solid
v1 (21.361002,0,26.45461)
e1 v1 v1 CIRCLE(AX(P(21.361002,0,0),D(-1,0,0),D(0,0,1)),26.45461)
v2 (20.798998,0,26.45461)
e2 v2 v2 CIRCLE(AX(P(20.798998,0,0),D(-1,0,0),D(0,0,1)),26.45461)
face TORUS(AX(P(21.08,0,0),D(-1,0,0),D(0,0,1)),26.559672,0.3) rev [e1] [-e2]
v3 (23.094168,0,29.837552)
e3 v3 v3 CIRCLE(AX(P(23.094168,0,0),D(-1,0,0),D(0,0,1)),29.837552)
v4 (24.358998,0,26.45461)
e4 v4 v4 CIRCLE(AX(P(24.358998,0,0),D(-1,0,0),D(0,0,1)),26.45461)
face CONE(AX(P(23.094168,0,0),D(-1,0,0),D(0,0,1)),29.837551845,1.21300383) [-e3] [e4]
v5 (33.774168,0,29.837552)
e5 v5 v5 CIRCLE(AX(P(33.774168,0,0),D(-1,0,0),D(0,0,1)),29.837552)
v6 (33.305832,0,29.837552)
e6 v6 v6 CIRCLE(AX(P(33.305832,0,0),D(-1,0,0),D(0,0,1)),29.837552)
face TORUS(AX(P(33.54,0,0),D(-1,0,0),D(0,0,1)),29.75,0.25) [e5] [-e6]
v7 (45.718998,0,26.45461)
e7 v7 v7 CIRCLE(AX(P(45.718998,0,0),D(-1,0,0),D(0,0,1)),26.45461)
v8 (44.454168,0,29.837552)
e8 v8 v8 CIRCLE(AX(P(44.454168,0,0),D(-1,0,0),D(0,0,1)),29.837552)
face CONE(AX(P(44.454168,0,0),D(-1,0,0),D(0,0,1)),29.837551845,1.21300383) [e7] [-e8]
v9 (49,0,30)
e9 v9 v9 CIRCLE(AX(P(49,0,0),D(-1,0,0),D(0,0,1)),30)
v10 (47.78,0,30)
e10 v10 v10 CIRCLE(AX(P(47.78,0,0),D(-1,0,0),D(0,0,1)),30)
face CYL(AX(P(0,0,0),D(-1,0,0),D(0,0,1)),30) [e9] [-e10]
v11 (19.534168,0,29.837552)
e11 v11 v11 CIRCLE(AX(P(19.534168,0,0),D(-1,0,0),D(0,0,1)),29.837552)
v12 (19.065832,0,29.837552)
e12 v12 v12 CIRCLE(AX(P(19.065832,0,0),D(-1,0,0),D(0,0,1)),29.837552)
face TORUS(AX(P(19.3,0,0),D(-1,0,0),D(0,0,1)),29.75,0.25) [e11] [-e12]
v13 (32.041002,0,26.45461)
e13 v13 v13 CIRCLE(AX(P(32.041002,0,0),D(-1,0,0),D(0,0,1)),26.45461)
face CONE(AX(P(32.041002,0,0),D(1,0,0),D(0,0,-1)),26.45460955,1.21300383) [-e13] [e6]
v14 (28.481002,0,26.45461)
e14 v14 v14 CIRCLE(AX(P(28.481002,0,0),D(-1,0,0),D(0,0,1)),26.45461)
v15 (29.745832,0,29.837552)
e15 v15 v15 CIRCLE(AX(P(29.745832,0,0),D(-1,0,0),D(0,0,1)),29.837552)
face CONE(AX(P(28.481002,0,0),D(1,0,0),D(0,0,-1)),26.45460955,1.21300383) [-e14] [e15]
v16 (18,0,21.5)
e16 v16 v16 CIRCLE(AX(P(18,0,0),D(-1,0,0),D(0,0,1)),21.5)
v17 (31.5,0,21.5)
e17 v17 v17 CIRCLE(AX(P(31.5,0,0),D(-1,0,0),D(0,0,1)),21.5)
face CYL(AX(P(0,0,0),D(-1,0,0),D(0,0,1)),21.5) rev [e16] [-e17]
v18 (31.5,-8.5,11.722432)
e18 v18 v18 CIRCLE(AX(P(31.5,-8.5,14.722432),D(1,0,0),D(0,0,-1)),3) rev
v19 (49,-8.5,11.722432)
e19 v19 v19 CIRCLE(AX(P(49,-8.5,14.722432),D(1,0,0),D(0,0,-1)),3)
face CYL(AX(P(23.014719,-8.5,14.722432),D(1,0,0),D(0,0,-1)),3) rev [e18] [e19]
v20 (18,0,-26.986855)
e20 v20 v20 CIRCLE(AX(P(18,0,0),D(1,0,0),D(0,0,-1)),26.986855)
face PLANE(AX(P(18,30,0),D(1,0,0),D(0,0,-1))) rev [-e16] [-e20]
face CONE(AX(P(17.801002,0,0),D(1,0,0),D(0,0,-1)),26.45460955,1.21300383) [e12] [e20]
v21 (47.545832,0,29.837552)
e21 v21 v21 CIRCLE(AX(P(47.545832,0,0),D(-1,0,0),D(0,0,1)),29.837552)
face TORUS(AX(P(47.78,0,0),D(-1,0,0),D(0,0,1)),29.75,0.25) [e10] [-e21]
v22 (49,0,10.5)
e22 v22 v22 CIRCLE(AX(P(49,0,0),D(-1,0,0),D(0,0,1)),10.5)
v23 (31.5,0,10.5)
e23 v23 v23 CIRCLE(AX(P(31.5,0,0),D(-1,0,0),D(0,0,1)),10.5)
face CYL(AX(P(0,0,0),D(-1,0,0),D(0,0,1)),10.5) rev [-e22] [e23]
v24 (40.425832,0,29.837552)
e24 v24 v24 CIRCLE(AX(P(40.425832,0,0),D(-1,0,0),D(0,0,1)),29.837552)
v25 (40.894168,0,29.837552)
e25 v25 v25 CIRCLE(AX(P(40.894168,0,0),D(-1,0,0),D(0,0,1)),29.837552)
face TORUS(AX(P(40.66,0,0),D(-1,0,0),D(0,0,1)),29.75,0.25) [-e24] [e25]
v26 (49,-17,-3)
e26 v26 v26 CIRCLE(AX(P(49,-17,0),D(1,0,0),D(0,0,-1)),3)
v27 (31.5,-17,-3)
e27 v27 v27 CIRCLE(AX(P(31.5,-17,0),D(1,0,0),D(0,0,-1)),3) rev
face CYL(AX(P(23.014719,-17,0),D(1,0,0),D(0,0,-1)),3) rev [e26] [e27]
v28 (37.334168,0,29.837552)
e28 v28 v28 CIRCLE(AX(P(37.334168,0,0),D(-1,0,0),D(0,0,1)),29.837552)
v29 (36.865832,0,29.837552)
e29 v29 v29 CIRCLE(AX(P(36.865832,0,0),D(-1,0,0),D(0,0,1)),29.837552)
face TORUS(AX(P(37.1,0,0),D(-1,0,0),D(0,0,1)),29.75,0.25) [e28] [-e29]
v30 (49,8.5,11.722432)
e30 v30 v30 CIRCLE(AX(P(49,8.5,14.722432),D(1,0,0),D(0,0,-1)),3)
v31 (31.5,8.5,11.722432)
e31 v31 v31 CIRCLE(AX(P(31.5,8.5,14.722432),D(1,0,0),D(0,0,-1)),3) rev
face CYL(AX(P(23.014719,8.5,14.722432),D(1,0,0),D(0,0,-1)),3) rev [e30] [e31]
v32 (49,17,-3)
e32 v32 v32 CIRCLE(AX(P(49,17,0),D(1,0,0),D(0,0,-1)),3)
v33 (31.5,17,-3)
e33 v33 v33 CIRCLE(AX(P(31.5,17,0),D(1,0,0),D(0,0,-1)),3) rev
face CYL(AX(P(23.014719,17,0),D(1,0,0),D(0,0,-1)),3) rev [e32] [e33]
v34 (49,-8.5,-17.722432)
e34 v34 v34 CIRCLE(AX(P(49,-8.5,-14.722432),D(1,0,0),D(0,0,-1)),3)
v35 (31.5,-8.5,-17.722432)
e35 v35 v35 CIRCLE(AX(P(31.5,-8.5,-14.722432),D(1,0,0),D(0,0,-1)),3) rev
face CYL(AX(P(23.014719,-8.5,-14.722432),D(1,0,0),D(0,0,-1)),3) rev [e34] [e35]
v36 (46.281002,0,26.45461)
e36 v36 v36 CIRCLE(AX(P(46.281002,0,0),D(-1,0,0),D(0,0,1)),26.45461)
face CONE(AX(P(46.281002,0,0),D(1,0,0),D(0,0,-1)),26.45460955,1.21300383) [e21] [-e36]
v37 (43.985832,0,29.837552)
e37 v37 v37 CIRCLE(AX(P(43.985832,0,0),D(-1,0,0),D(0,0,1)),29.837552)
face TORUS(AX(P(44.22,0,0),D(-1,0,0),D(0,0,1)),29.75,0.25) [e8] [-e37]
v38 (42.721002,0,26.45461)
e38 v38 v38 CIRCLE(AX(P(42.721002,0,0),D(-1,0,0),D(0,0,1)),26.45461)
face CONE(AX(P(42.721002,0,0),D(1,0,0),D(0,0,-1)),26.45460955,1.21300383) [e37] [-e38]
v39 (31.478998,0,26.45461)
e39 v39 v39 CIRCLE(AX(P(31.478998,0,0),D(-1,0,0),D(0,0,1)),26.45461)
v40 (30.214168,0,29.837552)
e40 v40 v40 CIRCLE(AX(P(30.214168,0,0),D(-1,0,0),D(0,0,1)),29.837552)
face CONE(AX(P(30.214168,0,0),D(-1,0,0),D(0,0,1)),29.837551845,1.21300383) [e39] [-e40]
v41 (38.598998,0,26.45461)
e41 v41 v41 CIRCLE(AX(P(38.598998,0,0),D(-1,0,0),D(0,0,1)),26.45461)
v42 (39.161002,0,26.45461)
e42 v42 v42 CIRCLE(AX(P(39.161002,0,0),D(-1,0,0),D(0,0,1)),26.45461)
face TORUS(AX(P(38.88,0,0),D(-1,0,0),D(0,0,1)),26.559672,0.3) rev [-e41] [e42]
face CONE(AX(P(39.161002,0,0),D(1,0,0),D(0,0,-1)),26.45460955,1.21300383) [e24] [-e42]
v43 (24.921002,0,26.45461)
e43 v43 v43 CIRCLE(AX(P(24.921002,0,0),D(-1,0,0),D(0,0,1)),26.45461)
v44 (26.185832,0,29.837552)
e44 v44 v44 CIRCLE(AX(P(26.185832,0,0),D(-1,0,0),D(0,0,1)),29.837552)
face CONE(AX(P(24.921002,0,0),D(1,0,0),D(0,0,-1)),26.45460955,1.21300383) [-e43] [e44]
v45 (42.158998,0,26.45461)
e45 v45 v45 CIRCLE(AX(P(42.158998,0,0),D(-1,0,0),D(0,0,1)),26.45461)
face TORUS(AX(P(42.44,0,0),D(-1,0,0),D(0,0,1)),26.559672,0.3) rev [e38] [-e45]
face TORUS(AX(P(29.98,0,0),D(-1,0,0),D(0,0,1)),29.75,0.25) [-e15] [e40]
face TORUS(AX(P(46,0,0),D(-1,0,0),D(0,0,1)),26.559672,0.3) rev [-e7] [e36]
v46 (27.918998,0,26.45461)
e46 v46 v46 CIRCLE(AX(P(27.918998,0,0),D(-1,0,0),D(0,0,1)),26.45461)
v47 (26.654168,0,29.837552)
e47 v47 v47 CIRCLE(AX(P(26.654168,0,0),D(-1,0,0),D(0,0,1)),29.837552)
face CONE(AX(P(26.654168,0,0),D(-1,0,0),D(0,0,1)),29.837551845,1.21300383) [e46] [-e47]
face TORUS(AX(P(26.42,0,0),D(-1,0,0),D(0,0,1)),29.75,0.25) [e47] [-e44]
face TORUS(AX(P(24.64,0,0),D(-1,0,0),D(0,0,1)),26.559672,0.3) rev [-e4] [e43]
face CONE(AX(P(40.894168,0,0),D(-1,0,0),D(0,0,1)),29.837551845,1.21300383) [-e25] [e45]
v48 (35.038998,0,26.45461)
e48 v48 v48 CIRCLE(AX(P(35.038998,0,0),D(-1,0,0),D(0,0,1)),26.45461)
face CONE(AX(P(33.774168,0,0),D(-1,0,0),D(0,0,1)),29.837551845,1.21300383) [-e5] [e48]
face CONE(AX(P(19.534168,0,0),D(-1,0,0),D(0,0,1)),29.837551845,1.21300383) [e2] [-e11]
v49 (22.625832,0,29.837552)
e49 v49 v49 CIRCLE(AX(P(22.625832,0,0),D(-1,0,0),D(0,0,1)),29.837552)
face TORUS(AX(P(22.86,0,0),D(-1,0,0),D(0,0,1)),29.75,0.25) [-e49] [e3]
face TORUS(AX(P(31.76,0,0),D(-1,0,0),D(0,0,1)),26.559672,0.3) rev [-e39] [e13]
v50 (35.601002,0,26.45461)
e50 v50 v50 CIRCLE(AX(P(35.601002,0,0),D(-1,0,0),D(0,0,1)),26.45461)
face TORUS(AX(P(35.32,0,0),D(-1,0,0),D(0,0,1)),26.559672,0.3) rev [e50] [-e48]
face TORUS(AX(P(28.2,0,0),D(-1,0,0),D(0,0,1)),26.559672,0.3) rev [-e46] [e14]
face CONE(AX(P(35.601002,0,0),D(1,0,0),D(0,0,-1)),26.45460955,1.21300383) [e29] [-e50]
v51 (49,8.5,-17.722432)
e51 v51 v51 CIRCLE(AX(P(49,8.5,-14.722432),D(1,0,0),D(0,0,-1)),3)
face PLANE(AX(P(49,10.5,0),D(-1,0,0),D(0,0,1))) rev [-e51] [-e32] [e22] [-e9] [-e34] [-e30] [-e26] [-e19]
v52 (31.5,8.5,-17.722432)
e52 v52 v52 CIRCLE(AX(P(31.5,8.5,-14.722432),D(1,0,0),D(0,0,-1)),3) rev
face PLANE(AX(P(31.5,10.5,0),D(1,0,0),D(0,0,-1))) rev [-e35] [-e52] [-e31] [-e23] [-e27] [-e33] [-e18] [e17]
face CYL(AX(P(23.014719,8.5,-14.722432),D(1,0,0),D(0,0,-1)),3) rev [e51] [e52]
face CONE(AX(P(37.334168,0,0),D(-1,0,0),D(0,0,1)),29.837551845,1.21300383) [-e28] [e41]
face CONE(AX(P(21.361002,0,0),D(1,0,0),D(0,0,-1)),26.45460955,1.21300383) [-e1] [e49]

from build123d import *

# Parameters (mm, degrees)
LPATTERN1_COUNT    = 9
LPATTERN1_PITCH    = 3.56
SKETCH3_R          = 3
CUT_EXTRUDE1_DEPTH = 17.5


with BuildPart() as part:
    # Sketch1 → Revolve1 (revolve)
    with BuildSketch(Plane.XY, mode=Mode.PRIVATE) as revolve1_sk:
        Polygon((49, 10.5), (49, 30), (18, 30), (18, 21.5), (31.5, 21.5), (31.5, 10.5), align=None)
    revolve(revolve1_sk.sketch.rotate(Axis((0, 0, 0), (1, 0, 0)), 90), axis=Axis((0, 0, 0), (1, 0, 0)))

    # Sketch2 → Cut-Revolve1 (revolve, cut)
    with BuildSketch(Plane.XY, mode=Mode.PRIVATE) as cut_revolve1_sk:
        with BuildLine():
            Line((47.545831953, 29.837551845), (46.281001657, 26.45460955))
            ThreePointArc((46.281001657, 26.45460955), (46, 26.259671764), (45.718998343, 26.45460955))
            Line((45.718998343, 26.45460955), (44.454168047, 29.837551845))
            ThreePointArc((44.454168047, 29.837551845), (44.362499191, 29.955411734), (44.22, 30))
            Line((44.22, 30), (47.78, 30))
            ThreePointArc((47.78, 30), (47.637500809, 29.955411734), (47.545831953, 29.837551845))
        make_face()
    cut_revolve1 = revolve(cut_revolve1_sk.sketch.rotate(Axis((0, 0, 0), (1, 0, 0)), 90), axis=Axis((0, 0, 0), (1, 0, 0)), mode=Mode.SUBTRACT)

    # LPattern1: Cut-Revolve1 ×9
    with Locations(*[(-i * LPATTERN1_PITCH, 0, 0) for i in range(1, LPATTERN1_COUNT)]):
        add(cut_revolve1, mode=Mode.SUBTRACT)

    # Sketch3 → Cut-Extrude1 (cut)
    with BuildSketch(Plane(origin=(49, 0, 0), x_dir=(0, 0, -1), z_dir=(1, 0, 0))):
        with Locations((0, 17)):
            Circle(SKETCH3_R)
        with Locations((14.722431864, 8.5)):
            Circle(SKETCH3_R)
        with Locations((14.722431864, -8.5)):
            Circle(SKETCH3_R)
        with Locations((0, -17)):
            Circle(SKETCH3_R)
        with Locations((-14.722431864, -8.5)):
            Circle(SKETCH3_R)
        with Locations((-14.722431864, 8.5)):
            Circle(SKETCH3_R)
    extrude(amount=-CUT_EXTRUDE1_DEPTH, mode=Mode.SUBTRACT)


solid = part.part
